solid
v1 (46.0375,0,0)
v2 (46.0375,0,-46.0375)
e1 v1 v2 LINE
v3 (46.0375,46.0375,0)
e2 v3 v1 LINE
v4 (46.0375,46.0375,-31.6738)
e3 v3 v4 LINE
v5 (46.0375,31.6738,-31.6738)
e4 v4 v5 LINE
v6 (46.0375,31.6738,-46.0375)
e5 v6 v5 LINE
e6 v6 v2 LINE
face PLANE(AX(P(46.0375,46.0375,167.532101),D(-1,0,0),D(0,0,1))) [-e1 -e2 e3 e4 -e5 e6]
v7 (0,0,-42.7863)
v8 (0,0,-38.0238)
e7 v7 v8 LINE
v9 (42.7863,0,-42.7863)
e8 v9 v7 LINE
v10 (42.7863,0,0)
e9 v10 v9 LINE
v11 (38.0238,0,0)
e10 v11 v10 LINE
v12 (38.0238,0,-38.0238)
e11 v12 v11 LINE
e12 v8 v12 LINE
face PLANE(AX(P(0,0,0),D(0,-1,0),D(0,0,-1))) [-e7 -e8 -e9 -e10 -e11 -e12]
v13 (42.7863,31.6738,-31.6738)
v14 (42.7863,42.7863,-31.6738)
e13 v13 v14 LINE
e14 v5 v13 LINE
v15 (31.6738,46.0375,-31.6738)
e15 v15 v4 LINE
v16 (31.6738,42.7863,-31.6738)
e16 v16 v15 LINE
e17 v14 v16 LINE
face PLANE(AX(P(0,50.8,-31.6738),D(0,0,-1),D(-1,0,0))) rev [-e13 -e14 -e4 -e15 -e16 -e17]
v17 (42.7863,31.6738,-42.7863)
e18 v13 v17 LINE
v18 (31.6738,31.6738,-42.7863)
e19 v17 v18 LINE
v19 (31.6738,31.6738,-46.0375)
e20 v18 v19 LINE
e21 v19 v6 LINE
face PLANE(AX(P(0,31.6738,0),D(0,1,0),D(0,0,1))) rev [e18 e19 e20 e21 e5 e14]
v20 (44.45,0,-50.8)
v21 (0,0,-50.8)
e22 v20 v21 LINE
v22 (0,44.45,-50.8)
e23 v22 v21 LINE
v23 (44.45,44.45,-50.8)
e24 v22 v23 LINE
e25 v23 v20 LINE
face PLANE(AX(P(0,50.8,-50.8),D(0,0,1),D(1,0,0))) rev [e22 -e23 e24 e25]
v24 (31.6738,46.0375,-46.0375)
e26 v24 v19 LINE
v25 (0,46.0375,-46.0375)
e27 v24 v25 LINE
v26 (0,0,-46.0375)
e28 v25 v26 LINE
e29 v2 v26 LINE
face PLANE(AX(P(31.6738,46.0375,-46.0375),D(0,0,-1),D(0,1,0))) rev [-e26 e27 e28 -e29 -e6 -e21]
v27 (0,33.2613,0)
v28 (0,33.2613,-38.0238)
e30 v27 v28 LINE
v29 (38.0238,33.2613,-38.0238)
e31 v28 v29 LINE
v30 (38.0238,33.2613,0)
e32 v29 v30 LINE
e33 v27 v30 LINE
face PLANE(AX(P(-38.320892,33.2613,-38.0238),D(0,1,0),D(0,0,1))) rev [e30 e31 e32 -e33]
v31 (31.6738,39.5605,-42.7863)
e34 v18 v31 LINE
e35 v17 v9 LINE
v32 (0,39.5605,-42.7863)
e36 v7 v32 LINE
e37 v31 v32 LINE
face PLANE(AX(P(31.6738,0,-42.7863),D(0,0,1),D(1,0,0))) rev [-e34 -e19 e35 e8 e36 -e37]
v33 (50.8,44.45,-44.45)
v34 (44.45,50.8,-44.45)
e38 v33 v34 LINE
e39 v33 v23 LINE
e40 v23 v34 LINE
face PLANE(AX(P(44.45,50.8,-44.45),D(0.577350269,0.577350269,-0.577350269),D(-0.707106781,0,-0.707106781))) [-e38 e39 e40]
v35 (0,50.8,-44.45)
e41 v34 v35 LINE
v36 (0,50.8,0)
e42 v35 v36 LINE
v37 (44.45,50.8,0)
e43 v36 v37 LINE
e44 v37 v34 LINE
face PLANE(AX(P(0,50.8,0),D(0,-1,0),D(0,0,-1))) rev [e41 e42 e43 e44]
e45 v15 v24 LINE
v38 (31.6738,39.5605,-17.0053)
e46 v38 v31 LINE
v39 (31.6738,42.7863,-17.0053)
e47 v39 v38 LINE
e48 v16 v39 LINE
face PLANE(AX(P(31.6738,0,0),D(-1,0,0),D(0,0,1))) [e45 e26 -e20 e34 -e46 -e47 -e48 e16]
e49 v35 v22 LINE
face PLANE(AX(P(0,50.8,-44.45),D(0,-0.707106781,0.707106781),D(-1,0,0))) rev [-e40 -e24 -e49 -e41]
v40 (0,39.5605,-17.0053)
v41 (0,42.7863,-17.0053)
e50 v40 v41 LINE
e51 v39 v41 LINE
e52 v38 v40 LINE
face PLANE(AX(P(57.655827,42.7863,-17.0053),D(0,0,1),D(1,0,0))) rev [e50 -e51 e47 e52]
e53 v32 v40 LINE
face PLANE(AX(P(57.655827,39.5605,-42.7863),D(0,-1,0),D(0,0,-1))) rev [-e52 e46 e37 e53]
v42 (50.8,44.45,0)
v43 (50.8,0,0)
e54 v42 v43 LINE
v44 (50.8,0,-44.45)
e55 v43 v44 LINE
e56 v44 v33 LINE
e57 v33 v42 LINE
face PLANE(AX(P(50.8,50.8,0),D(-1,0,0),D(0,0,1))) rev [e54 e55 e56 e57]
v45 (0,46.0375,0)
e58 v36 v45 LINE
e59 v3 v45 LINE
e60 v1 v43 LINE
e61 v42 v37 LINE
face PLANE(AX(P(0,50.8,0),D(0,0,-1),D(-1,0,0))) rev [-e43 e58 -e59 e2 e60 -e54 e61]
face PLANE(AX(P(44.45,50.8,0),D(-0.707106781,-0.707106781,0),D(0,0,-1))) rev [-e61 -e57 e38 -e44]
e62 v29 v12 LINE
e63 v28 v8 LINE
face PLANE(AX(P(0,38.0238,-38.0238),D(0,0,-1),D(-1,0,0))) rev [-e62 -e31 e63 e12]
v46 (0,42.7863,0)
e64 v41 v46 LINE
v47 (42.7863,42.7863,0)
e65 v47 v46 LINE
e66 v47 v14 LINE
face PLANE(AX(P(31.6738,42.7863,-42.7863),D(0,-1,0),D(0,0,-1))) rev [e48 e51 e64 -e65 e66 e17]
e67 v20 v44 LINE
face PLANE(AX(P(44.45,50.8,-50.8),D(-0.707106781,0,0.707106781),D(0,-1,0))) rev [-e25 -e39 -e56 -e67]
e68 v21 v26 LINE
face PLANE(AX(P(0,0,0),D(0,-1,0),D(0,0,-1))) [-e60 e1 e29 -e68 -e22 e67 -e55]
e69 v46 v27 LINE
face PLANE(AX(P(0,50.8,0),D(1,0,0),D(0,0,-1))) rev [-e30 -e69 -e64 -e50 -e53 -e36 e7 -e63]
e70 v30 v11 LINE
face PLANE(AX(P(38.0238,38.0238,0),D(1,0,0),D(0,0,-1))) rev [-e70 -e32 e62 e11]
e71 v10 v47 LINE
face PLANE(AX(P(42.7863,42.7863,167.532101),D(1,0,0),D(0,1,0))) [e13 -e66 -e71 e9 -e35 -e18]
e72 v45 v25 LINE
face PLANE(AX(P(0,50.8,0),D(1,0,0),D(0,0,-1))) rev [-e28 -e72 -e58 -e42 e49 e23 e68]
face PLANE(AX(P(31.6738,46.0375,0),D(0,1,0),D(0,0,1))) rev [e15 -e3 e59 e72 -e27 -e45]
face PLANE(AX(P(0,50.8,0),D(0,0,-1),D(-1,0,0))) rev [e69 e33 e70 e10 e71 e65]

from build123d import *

# Parameters (mm, degrees)
SKETCH4_W               = 50.8
SKETCH4_H               = 50.8
BOSS_EXTRUDE4_DEPTH     = 50.8
SKETCH5_W               = 38.0238
SKETCH5_H               = 38.0238
CUT_EXTRUDE1_DEPTH      = 38.0238
CUT_EXTRUDE2_DEPTH      = 31.6738
CUT_EXTRUDE3_DEPTH      = 88.988181024
CUT_EXTRUDE3_DEPTH_BACK = 31.6738
CUT_EXTRUDE4_DEPTH      = 31.6738
CHAMFER1_SIZE           = 6.35
SKETCH9_W               = 38.0238
SKETCH9_H               = 4.7625
BOSS_EXTRUDE5_DEPTH     = 38.0238
SKETCH10_W              = 25.781
SKETCH10_H              = 3.2258
CUT_EXTRUDE5_DEPTH      = 31.6738


with BuildPart() as part:
    # Sketch4 → Boss-Extrude4 (new body)
    with BuildSketch(Plane(origin=(0, 0, 0), x_dir=(1, 0, 0), z_dir=(0, 1, 0))):
        with Locations((25.4, 25.4)):
            Rectangle(SKETCH4_W, SKETCH4_H)
    extrude(amount=BOSS_EXTRUDE4_DEPTH)

    # Sketch5 → Cut-Extrude1 (cut)
    with BuildSketch(Plane.XZ):
        with Locations((19.0119, -19.0119)):
            Rectangle(SKETCH5_W, SKETCH5_H)
    extrude(amount=-CUT_EXTRUDE1_DEPTH, mode=Mode.SUBTRACT)

    # Sketch6 → Cut-Extrude2 (cut)
    with BuildSketch(Plane.ZY):
        Polygon((-46.0375, 0), (-42.7863, 0), (-42.7863, 42.7863), (0, 42.7863), (0, 46.0375), (-46.0375, 46.0375), align=None)
    extrude(amount=-CUT_EXTRUDE2_DEPTH, mode=Mode.SUBTRACT)

    # Sketch7 → Cut-Extrude3 (cut, two sides: drawn at the far end of the back side and taken through both)
    with BuildSketch(Plane.XY.offset(-CUT_EXTRUDE3_DEPTH_BACK)):
        Polygon((46.0375, 46.0375), (31.6738, 46.0375), (31.6738, 42.7863), (42.7863, 42.7863), (42.7863, 0), (46.0375, 0), align=None)
    extrude(amount=CUT_EXTRUDE3_DEPTH + CUT_EXTRUDE3_DEPTH_BACK, mode=Mode.SUBTRACT)

    # Sketch8 → Cut-Extrude4 (cut)
    with BuildSketch(Plane.XZ):
        Polygon((31.6738, -46.0375), (46.0375, -46.0375), (46.0375, -31.6738), (42.7863, -31.6738), (42.7863, -42.7863), (31.6738, -42.7863), align=None)
    extrude(amount=-CUT_EXTRUDE4_DEPTH, mode=Mode.SUBTRACT)

    # Chamfer1
    chamfer1_edges = [part.edges().sort_by_distance(p)[0] for p in [
        (50.8, 50.8, -25.4),
        (25.4, 50.8, -50.8),
        (50.8, 25.4, -50.8),
    ]]
    chamfer(chamfer1_edges, length=CHAMFER1_SIZE)

    # Sketch9 → Boss-Extrude5 (add)
    with BuildSketch(Plane.ZY.offset(-38.0238)):
        with Locations((-19.0119, 35.64255)):
            Rectangle(SKETCH9_W, SKETCH9_H)
    extrude(amount=BOSS_EXTRUDE5_DEPTH)

    # Sketch10 → Cut-Extrude5 (cut)
    with BuildSketch(Plane.ZY):
        with Locations((-29.8958, 41.1734)):
            Rectangle(SKETCH10_W, SKETCH10_H)
    extrude(amount=-CUT_EXTRUDE5_DEPTH, mode=Mode.SUBTRACT)


solid = part.part
